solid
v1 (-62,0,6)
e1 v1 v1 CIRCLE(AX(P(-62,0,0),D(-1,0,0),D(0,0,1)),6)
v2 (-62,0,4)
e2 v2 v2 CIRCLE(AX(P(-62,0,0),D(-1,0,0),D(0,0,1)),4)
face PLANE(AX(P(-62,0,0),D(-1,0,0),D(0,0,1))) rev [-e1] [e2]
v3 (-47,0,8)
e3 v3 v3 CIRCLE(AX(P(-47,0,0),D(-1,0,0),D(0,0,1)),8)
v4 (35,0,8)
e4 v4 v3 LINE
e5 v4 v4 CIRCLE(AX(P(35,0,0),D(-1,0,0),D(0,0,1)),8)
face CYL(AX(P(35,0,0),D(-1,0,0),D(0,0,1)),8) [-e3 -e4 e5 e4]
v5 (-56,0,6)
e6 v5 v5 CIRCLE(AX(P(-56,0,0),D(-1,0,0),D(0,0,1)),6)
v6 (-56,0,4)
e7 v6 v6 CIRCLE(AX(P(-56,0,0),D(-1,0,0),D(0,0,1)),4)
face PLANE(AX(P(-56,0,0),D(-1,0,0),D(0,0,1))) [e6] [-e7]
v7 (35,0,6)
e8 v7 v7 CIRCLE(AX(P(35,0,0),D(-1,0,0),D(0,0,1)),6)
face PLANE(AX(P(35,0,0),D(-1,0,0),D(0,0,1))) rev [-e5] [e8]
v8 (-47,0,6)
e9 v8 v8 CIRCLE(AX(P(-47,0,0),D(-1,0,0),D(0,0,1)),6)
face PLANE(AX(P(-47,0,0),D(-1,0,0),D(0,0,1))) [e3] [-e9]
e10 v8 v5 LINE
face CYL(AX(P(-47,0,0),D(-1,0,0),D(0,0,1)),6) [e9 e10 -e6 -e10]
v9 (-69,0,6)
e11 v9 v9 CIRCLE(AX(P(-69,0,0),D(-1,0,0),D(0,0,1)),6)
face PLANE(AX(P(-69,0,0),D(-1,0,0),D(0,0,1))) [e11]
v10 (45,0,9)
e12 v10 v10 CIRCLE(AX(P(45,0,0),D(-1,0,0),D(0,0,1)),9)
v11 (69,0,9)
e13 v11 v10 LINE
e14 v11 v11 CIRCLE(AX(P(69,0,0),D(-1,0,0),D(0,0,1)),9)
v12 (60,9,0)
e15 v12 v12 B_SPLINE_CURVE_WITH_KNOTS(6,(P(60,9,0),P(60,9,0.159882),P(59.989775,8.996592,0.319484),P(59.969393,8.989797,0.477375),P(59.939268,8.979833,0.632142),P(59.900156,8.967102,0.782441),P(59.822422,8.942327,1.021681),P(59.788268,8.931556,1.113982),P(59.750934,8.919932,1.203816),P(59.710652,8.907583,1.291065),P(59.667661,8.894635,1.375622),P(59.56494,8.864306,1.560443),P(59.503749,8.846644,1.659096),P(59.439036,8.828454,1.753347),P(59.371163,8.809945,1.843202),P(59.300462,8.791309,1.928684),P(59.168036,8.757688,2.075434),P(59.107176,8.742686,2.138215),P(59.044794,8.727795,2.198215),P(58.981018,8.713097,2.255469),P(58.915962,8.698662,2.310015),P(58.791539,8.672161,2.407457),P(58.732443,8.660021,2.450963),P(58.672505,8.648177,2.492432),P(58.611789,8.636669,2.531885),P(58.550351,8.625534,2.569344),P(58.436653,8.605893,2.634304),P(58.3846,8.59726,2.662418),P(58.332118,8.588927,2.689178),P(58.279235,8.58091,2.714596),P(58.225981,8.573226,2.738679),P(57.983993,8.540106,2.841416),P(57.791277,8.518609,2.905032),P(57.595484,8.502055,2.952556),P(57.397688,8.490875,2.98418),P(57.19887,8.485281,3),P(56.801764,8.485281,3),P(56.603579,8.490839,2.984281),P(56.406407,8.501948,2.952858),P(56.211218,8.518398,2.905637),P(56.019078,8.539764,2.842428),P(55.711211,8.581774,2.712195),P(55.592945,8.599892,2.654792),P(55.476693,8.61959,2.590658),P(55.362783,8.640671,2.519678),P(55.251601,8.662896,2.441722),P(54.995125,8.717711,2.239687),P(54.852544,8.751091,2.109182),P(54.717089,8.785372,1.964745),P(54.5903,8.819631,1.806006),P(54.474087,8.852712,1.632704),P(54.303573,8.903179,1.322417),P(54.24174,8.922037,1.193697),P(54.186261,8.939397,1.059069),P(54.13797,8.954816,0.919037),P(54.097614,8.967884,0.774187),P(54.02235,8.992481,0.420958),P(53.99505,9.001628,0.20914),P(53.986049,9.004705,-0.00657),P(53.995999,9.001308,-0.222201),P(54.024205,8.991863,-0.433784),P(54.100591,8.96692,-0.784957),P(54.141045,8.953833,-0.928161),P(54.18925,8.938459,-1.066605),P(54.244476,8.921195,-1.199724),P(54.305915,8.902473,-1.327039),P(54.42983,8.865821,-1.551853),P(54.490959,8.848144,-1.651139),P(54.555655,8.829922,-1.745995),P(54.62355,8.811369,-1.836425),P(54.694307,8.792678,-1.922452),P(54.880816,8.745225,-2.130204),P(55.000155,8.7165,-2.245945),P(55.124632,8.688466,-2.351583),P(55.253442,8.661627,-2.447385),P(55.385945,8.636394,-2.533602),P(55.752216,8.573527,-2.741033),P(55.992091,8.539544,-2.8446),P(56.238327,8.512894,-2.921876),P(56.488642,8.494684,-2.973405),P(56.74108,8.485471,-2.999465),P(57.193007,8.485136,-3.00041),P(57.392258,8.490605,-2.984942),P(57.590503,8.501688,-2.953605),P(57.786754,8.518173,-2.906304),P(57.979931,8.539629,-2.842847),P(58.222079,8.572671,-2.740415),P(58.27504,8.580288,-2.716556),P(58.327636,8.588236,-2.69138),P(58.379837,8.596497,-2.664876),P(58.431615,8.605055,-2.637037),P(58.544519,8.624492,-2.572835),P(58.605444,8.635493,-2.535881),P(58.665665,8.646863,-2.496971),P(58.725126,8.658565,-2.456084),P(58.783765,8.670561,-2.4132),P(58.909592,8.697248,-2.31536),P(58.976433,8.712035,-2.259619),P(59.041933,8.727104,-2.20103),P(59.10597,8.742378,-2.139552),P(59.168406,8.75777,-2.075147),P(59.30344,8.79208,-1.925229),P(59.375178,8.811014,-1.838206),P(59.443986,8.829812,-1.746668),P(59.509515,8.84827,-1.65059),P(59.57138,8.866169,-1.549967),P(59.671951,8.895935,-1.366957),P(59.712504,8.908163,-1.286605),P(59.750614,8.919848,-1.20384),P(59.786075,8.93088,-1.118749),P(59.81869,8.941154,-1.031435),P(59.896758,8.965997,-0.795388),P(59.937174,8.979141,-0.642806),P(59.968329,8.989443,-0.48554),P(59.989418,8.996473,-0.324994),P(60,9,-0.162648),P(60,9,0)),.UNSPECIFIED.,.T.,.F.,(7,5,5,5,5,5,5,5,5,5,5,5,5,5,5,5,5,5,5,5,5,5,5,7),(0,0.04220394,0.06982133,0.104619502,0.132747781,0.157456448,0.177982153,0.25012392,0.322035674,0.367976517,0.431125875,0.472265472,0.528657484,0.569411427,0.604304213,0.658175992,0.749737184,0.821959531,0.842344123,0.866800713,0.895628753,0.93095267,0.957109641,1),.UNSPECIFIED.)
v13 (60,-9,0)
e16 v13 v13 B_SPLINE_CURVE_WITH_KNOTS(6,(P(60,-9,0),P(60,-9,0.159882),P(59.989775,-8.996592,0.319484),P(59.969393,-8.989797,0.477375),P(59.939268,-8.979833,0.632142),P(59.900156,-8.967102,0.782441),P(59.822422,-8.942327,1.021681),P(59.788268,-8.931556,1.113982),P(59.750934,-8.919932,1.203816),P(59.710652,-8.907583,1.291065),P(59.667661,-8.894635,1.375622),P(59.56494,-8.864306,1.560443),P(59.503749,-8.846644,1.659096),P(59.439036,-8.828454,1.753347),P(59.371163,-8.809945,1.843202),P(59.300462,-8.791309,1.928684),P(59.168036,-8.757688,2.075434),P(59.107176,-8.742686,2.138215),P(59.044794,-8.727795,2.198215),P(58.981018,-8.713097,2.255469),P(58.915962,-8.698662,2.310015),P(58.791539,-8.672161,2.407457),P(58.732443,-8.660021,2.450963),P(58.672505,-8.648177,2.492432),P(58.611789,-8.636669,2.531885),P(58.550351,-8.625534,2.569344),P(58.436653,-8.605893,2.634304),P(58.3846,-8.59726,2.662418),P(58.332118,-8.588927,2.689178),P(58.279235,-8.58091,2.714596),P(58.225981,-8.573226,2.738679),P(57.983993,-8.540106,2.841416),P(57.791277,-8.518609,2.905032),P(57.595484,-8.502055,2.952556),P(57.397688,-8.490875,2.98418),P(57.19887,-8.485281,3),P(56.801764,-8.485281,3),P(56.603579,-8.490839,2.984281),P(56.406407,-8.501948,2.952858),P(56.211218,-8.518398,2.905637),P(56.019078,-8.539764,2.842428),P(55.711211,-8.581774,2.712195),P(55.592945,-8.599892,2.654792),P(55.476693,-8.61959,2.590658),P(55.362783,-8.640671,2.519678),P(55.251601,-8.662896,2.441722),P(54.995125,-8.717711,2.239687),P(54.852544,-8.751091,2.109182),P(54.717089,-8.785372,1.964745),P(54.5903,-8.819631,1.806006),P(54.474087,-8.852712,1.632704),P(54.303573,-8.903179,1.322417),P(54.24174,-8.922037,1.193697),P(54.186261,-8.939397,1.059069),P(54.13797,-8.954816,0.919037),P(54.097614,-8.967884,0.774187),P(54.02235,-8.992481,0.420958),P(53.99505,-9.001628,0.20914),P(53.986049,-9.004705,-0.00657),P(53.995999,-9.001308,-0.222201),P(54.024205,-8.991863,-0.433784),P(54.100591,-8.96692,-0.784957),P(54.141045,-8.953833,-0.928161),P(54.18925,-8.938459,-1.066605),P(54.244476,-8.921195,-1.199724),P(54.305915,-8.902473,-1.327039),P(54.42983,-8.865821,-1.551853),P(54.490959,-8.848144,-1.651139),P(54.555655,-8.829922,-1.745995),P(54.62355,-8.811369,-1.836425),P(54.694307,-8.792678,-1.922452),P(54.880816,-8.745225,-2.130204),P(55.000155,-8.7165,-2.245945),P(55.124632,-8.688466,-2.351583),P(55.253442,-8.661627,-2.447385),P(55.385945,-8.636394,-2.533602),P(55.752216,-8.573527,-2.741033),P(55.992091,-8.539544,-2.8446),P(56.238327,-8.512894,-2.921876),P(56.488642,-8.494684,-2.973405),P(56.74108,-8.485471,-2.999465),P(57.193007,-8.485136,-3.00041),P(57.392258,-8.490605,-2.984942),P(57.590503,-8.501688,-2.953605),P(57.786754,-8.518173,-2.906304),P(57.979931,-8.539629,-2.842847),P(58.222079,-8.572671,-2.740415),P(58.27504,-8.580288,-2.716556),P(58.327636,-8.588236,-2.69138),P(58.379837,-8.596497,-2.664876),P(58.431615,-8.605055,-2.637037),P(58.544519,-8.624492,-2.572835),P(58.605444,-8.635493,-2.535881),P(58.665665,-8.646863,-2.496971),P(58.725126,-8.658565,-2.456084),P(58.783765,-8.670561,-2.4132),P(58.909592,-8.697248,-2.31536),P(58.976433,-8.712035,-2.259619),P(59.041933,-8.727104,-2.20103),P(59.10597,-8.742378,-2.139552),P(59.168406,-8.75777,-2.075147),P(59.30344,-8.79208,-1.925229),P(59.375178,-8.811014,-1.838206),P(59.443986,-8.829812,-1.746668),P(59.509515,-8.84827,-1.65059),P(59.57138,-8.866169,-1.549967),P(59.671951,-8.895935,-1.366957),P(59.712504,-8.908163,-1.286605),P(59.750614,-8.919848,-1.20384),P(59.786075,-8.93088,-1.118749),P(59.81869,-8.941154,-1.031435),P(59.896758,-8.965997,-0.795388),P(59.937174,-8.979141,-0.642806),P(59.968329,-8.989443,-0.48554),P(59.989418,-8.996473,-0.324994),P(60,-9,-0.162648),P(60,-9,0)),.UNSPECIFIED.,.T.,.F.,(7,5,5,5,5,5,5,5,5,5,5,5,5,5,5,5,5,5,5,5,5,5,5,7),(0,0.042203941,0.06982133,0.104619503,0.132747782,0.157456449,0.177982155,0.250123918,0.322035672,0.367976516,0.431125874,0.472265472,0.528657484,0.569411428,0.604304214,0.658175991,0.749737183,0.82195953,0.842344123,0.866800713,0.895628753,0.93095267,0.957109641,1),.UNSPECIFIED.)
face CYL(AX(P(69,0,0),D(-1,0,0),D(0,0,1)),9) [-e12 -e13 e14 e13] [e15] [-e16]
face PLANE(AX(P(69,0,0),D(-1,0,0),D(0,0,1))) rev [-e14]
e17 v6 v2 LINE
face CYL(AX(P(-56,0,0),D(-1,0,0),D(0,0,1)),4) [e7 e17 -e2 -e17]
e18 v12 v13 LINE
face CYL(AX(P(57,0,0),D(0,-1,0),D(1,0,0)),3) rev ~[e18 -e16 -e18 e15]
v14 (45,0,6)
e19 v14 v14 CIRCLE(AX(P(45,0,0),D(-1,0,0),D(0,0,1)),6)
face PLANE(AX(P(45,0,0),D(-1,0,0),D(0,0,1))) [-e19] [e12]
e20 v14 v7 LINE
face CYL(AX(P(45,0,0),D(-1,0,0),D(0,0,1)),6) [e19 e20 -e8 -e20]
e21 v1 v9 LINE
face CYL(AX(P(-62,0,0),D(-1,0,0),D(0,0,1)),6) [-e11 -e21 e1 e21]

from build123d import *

# Parameters (mm, degrees)
F2_DEPTH = 12.5


with BuildPart() as f1:
    # F0 (on Front) → F1 (revolve)
    with BuildSketch(Plane.XZ):
        with BuildLine():
            Line((-69, 6), (-69, 0))
            Line((-69, 0), (54, 0))
            ThreePointArc((54, 0), (57, 3), (60, 0))
            Line((60, 0), (69, 0))
            Line((69, 0), (69, 9))
            Line((69, 9), (45, 9))
            Line((45, 9), (45, 6))
            Line((45, 6), (35, 6))
            Line((35, 6), (35, 8))
            Line((35, 8), (-47, 8))
            Line((-47, 8), (-47, 6))
            Line((-47, 6), (-56, 6))
            Line((-56, 6), (-56, 4))
            Line((-56, 4), (-62, 4))
            Line((-62, 4), (-62, 6))
            Line((-62, 6), (-69, 6))
        make_face()
        with BuildLine():
            ThreePointArc((60, 0), (57, 3), (54, 0))
            Line((54, 0), (60, 0))
        make_face()
    revolve(axis=Axis((0, 0, 0), (-1, 0, 0)))

    # F0 (on Front) → F2 (cut, symmetric)
    with BuildSketch(Plane.XZ):
        with BuildLine():
            Line((60, 0), (54, 0))
            ThreePointArc((54, 0), (57, -3), (60, 0))
        make_face()
        with BuildLine():
            ThreePointArc((60, 0), (57, 3), (54, 0))
            Line((54, 0), (60, 0))
        make_face()
    extrude(amount=F2_DEPTH, both=True, mode=Mode.SUBTRACT)


solid = f1.part
